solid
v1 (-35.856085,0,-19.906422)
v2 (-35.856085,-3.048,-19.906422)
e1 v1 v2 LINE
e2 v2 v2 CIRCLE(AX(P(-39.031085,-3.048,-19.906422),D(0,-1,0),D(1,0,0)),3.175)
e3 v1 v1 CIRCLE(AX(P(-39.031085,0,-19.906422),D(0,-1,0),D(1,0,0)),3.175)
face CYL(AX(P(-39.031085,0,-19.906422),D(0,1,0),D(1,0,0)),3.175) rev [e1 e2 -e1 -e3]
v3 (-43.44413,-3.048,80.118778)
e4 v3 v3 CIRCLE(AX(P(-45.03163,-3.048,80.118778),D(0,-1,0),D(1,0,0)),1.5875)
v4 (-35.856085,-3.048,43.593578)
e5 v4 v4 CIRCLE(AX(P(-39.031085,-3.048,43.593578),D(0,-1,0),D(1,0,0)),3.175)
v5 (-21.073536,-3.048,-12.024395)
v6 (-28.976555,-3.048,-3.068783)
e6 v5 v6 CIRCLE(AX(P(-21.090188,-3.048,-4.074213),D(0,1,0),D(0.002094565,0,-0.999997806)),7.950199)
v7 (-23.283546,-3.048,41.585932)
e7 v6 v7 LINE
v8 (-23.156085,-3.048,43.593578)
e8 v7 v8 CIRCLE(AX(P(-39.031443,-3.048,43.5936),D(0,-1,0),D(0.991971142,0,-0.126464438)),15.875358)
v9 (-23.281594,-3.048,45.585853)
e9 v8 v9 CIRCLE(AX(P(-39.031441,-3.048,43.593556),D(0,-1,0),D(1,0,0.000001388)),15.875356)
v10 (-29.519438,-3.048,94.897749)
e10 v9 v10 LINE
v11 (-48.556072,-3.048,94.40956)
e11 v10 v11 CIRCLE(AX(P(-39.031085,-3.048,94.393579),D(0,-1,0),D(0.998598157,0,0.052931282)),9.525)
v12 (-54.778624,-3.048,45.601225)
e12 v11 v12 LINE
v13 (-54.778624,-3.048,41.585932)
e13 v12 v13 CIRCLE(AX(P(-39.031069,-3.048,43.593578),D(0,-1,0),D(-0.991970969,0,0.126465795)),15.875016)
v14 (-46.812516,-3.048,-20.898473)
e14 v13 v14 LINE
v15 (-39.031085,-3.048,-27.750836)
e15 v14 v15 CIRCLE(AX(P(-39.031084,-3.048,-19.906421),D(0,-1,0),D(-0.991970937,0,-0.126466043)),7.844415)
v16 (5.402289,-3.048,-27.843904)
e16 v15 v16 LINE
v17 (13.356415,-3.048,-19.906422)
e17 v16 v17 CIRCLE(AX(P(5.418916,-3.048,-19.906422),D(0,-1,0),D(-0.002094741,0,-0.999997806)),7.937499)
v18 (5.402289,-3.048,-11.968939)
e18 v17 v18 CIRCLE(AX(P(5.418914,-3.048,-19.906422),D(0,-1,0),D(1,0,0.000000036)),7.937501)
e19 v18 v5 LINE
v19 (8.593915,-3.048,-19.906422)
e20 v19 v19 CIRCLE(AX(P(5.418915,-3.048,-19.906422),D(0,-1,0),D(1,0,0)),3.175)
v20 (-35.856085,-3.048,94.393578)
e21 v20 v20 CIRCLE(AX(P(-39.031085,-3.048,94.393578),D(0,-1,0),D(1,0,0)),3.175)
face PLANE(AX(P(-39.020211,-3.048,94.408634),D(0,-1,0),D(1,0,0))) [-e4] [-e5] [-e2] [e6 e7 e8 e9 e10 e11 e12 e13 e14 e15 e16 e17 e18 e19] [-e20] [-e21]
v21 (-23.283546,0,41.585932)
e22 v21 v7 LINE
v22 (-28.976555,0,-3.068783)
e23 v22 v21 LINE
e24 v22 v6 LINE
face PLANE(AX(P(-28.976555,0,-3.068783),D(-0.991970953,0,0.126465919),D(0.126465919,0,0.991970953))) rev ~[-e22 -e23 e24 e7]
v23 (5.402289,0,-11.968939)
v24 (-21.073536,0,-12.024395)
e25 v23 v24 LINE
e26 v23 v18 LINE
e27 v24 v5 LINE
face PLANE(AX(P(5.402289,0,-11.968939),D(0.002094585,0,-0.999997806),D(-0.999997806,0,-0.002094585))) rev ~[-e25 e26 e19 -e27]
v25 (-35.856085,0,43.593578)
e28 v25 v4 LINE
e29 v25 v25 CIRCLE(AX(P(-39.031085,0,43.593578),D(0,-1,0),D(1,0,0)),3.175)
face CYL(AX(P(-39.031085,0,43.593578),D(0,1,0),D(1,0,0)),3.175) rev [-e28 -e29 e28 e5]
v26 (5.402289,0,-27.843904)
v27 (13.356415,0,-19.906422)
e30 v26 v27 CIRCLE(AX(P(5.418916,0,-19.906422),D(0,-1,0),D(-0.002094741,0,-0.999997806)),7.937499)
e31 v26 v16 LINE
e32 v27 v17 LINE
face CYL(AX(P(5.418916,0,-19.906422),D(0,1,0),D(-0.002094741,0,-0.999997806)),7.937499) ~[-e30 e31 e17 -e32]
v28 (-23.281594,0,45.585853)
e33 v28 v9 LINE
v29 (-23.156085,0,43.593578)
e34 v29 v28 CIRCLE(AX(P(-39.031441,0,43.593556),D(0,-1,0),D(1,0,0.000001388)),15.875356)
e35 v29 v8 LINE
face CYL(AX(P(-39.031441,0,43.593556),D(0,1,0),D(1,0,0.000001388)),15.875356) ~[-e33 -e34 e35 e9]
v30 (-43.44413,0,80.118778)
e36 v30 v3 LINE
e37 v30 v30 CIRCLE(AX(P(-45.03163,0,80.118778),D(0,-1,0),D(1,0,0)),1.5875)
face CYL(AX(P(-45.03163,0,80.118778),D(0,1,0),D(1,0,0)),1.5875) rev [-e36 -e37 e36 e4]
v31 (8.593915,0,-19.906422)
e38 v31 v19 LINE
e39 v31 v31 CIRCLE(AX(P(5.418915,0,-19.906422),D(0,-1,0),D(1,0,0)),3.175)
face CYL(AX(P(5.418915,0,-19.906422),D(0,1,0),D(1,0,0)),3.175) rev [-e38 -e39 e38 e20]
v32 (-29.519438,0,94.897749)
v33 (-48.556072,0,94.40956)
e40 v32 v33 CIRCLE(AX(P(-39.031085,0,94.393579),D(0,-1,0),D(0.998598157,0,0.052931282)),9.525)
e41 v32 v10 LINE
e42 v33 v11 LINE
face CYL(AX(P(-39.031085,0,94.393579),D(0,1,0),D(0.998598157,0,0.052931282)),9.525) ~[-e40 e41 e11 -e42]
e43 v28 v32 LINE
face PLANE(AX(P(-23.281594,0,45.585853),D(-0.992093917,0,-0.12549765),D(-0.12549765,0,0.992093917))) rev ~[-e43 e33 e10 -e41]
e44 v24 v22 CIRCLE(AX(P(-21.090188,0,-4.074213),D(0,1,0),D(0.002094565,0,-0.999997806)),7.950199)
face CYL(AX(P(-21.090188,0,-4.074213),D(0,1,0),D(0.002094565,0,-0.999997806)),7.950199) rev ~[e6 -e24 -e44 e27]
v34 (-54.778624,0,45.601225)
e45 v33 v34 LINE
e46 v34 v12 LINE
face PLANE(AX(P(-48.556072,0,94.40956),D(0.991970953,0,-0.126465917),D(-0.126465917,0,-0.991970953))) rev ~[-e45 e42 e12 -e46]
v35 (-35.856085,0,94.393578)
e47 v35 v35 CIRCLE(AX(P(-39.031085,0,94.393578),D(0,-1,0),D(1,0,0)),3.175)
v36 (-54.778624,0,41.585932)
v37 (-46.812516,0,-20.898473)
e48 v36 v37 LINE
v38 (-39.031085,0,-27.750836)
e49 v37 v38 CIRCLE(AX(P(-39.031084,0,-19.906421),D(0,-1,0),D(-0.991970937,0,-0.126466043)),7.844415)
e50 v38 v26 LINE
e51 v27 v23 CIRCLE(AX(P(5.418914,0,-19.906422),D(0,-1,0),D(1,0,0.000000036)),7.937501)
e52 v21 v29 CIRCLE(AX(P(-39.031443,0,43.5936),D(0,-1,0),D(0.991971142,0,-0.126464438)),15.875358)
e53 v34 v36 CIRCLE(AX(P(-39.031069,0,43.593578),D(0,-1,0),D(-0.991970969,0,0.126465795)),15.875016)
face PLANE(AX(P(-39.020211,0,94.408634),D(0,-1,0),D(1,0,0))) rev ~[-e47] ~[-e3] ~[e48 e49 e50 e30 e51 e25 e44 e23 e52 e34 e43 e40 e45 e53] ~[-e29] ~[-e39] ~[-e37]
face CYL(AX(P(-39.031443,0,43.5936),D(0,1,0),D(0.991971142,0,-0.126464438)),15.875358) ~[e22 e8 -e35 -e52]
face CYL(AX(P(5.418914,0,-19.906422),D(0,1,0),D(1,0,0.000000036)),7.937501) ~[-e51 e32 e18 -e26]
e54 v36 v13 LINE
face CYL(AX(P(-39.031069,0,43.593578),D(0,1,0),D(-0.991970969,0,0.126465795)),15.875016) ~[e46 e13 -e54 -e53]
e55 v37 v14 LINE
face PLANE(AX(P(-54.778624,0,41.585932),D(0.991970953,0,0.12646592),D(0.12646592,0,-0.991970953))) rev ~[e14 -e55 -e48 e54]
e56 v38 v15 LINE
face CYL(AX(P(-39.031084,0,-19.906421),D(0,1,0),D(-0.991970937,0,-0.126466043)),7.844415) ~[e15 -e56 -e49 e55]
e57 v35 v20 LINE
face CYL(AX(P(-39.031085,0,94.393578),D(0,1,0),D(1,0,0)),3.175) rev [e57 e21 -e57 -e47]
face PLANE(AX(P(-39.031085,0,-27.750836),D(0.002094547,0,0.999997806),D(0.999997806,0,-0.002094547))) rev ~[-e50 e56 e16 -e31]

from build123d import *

# Parameters (mm, degrees)
F0_R     = 3.175
F0_R_2   = 1.5875
F1_DEPTH = 3.048


with BuildPart() as f1:
    # F0 (on Front) → F1 (new body)
    with BuildSketch(Plane.XZ):
        with BuildLine():
            ThreePointArc((-48.556072, 94.40956), (-39.039076, 84.868582), (-29.506085, 94.393578))
            ThreePointArc((-29.506085, 94.393578), (-29.509424, 94.645752), (-29.519438, 94.897749))
            ThreePointArc((-29.519438, 94.897749), (-39.275271, 103.915448), (-48.556072, 94.40956))
        make_face()
        with Locations((-39.031085, 94.393578)):
            Circle(F0_R, mode=Mode.SUBTRACT)
        with BuildLine():
            ThreePointArc((-29.519438, 94.897749), (-29.509424, 94.645752), (-29.506085, 94.393578))
            ThreePointArc((-29.506085, 94.393578), (-39.039076, 84.868582), (-48.556072, 94.40956))
            Line((-48.556072, 94.40956), (-54.778624, 45.601225))
            ThreePointArc((-54.778624, 45.601225), (-39.023338, 59.468576), (-23.281594, 45.585853))
            Line((-23.281594, 45.585853), (-29.519438, 94.897749))
        make_face()
        with Locations((-45.03163, 80.118778)):
            Circle(F0_R_2, mode=Mode.SUBTRACT)
        with BuildLine():
            ThreePointArc((-23.156085, 43.593578), (-23.187494, 44.59169), (-23.281594, 45.585853))
            ThreePointArc((-23.281594, 45.585853), (-39.023338, 59.468576), (-54.778624, 45.601225))
            ThreePointArc((-54.778624, 45.601225), (-54.906085, 43.593578), (-54.778624, 41.585932))
            ThreePointArc((-54.778624, 41.585932), (-39.031085, 27.718578), (-23.283546, 41.585932))
            ThreePointArc((-23.283546, 41.585932), (-23.187983, 42.587734), (-23.156085, 43.593578))
        make_face()
        with Locations((-39.031085, 43.593578)):
            Circle(F0_R, mode=Mode.SUBTRACT)
        with BuildLine():
            ThreePointArc((-23.283546, 41.585932), (-39.031085, 27.718578), (-54.778624, 41.585932))
            Line((-54.778624, 41.585932), (-46.812516, -20.898473))
            ThreePointArc((-46.812516, -20.898473), (-39.52811, -12.077769), (-31.186671, -19.906422))
            ThreePointArc((-31.186671, -19.906422), (-33.484247, -25.45326), (-39.031085, -27.750836))
            Line((-39.031085, -27.750836), (5.402289, -27.843904))
            ThreePointArc((5.402289, -27.843904), (-2.518585, -19.906422), (5.402289, -11.968939))
            Line((5.402289, -11.968939), (-21.073536, -12.024395))
            ThreePointArc((-21.073536, -12.024395), (-27.051216, -9.334614), (-28.976555, -3.068783))
            Line((-28.976555, -3.068783), (-23.283546, 41.585932))
        make_face()
        with BuildLine():
            ThreePointArc((-31.186671, -19.906422), (-39.52811, -12.077769), (-46.812516, -20.898473))
            ThreePointArc((-46.812516, -20.898473), (-44.215329, -25.793564), (-39.031085, -27.750836))
            ThreePointArc((-39.031085, -27.750836), (-33.484247, -25.45326), (-31.186671, -19.906422))
        make_face()
        with Locations((-39.031085, -19.906422)):
            Circle(F0_R, mode=Mode.SUBTRACT)
        with BuildLine():
            ThreePointArc((5.402289, -11.968939), (-2.518585, -19.906422), (5.402289, -27.843904))
            ThreePointArc((5.402289, -27.843904), (11.025694, -25.524957), (13.356415, -19.906422))
            ThreePointArc((13.356415, -19.906422), (11.025694, -14.287887), (5.402289, -11.968939))
        make_face()
        with Locations((5.418915, -19.906422)):
            Circle(F0_R, mode=Mode.SUBTRACT)
    extrude(amount=F1_DEPTH)


solid = f1.part
